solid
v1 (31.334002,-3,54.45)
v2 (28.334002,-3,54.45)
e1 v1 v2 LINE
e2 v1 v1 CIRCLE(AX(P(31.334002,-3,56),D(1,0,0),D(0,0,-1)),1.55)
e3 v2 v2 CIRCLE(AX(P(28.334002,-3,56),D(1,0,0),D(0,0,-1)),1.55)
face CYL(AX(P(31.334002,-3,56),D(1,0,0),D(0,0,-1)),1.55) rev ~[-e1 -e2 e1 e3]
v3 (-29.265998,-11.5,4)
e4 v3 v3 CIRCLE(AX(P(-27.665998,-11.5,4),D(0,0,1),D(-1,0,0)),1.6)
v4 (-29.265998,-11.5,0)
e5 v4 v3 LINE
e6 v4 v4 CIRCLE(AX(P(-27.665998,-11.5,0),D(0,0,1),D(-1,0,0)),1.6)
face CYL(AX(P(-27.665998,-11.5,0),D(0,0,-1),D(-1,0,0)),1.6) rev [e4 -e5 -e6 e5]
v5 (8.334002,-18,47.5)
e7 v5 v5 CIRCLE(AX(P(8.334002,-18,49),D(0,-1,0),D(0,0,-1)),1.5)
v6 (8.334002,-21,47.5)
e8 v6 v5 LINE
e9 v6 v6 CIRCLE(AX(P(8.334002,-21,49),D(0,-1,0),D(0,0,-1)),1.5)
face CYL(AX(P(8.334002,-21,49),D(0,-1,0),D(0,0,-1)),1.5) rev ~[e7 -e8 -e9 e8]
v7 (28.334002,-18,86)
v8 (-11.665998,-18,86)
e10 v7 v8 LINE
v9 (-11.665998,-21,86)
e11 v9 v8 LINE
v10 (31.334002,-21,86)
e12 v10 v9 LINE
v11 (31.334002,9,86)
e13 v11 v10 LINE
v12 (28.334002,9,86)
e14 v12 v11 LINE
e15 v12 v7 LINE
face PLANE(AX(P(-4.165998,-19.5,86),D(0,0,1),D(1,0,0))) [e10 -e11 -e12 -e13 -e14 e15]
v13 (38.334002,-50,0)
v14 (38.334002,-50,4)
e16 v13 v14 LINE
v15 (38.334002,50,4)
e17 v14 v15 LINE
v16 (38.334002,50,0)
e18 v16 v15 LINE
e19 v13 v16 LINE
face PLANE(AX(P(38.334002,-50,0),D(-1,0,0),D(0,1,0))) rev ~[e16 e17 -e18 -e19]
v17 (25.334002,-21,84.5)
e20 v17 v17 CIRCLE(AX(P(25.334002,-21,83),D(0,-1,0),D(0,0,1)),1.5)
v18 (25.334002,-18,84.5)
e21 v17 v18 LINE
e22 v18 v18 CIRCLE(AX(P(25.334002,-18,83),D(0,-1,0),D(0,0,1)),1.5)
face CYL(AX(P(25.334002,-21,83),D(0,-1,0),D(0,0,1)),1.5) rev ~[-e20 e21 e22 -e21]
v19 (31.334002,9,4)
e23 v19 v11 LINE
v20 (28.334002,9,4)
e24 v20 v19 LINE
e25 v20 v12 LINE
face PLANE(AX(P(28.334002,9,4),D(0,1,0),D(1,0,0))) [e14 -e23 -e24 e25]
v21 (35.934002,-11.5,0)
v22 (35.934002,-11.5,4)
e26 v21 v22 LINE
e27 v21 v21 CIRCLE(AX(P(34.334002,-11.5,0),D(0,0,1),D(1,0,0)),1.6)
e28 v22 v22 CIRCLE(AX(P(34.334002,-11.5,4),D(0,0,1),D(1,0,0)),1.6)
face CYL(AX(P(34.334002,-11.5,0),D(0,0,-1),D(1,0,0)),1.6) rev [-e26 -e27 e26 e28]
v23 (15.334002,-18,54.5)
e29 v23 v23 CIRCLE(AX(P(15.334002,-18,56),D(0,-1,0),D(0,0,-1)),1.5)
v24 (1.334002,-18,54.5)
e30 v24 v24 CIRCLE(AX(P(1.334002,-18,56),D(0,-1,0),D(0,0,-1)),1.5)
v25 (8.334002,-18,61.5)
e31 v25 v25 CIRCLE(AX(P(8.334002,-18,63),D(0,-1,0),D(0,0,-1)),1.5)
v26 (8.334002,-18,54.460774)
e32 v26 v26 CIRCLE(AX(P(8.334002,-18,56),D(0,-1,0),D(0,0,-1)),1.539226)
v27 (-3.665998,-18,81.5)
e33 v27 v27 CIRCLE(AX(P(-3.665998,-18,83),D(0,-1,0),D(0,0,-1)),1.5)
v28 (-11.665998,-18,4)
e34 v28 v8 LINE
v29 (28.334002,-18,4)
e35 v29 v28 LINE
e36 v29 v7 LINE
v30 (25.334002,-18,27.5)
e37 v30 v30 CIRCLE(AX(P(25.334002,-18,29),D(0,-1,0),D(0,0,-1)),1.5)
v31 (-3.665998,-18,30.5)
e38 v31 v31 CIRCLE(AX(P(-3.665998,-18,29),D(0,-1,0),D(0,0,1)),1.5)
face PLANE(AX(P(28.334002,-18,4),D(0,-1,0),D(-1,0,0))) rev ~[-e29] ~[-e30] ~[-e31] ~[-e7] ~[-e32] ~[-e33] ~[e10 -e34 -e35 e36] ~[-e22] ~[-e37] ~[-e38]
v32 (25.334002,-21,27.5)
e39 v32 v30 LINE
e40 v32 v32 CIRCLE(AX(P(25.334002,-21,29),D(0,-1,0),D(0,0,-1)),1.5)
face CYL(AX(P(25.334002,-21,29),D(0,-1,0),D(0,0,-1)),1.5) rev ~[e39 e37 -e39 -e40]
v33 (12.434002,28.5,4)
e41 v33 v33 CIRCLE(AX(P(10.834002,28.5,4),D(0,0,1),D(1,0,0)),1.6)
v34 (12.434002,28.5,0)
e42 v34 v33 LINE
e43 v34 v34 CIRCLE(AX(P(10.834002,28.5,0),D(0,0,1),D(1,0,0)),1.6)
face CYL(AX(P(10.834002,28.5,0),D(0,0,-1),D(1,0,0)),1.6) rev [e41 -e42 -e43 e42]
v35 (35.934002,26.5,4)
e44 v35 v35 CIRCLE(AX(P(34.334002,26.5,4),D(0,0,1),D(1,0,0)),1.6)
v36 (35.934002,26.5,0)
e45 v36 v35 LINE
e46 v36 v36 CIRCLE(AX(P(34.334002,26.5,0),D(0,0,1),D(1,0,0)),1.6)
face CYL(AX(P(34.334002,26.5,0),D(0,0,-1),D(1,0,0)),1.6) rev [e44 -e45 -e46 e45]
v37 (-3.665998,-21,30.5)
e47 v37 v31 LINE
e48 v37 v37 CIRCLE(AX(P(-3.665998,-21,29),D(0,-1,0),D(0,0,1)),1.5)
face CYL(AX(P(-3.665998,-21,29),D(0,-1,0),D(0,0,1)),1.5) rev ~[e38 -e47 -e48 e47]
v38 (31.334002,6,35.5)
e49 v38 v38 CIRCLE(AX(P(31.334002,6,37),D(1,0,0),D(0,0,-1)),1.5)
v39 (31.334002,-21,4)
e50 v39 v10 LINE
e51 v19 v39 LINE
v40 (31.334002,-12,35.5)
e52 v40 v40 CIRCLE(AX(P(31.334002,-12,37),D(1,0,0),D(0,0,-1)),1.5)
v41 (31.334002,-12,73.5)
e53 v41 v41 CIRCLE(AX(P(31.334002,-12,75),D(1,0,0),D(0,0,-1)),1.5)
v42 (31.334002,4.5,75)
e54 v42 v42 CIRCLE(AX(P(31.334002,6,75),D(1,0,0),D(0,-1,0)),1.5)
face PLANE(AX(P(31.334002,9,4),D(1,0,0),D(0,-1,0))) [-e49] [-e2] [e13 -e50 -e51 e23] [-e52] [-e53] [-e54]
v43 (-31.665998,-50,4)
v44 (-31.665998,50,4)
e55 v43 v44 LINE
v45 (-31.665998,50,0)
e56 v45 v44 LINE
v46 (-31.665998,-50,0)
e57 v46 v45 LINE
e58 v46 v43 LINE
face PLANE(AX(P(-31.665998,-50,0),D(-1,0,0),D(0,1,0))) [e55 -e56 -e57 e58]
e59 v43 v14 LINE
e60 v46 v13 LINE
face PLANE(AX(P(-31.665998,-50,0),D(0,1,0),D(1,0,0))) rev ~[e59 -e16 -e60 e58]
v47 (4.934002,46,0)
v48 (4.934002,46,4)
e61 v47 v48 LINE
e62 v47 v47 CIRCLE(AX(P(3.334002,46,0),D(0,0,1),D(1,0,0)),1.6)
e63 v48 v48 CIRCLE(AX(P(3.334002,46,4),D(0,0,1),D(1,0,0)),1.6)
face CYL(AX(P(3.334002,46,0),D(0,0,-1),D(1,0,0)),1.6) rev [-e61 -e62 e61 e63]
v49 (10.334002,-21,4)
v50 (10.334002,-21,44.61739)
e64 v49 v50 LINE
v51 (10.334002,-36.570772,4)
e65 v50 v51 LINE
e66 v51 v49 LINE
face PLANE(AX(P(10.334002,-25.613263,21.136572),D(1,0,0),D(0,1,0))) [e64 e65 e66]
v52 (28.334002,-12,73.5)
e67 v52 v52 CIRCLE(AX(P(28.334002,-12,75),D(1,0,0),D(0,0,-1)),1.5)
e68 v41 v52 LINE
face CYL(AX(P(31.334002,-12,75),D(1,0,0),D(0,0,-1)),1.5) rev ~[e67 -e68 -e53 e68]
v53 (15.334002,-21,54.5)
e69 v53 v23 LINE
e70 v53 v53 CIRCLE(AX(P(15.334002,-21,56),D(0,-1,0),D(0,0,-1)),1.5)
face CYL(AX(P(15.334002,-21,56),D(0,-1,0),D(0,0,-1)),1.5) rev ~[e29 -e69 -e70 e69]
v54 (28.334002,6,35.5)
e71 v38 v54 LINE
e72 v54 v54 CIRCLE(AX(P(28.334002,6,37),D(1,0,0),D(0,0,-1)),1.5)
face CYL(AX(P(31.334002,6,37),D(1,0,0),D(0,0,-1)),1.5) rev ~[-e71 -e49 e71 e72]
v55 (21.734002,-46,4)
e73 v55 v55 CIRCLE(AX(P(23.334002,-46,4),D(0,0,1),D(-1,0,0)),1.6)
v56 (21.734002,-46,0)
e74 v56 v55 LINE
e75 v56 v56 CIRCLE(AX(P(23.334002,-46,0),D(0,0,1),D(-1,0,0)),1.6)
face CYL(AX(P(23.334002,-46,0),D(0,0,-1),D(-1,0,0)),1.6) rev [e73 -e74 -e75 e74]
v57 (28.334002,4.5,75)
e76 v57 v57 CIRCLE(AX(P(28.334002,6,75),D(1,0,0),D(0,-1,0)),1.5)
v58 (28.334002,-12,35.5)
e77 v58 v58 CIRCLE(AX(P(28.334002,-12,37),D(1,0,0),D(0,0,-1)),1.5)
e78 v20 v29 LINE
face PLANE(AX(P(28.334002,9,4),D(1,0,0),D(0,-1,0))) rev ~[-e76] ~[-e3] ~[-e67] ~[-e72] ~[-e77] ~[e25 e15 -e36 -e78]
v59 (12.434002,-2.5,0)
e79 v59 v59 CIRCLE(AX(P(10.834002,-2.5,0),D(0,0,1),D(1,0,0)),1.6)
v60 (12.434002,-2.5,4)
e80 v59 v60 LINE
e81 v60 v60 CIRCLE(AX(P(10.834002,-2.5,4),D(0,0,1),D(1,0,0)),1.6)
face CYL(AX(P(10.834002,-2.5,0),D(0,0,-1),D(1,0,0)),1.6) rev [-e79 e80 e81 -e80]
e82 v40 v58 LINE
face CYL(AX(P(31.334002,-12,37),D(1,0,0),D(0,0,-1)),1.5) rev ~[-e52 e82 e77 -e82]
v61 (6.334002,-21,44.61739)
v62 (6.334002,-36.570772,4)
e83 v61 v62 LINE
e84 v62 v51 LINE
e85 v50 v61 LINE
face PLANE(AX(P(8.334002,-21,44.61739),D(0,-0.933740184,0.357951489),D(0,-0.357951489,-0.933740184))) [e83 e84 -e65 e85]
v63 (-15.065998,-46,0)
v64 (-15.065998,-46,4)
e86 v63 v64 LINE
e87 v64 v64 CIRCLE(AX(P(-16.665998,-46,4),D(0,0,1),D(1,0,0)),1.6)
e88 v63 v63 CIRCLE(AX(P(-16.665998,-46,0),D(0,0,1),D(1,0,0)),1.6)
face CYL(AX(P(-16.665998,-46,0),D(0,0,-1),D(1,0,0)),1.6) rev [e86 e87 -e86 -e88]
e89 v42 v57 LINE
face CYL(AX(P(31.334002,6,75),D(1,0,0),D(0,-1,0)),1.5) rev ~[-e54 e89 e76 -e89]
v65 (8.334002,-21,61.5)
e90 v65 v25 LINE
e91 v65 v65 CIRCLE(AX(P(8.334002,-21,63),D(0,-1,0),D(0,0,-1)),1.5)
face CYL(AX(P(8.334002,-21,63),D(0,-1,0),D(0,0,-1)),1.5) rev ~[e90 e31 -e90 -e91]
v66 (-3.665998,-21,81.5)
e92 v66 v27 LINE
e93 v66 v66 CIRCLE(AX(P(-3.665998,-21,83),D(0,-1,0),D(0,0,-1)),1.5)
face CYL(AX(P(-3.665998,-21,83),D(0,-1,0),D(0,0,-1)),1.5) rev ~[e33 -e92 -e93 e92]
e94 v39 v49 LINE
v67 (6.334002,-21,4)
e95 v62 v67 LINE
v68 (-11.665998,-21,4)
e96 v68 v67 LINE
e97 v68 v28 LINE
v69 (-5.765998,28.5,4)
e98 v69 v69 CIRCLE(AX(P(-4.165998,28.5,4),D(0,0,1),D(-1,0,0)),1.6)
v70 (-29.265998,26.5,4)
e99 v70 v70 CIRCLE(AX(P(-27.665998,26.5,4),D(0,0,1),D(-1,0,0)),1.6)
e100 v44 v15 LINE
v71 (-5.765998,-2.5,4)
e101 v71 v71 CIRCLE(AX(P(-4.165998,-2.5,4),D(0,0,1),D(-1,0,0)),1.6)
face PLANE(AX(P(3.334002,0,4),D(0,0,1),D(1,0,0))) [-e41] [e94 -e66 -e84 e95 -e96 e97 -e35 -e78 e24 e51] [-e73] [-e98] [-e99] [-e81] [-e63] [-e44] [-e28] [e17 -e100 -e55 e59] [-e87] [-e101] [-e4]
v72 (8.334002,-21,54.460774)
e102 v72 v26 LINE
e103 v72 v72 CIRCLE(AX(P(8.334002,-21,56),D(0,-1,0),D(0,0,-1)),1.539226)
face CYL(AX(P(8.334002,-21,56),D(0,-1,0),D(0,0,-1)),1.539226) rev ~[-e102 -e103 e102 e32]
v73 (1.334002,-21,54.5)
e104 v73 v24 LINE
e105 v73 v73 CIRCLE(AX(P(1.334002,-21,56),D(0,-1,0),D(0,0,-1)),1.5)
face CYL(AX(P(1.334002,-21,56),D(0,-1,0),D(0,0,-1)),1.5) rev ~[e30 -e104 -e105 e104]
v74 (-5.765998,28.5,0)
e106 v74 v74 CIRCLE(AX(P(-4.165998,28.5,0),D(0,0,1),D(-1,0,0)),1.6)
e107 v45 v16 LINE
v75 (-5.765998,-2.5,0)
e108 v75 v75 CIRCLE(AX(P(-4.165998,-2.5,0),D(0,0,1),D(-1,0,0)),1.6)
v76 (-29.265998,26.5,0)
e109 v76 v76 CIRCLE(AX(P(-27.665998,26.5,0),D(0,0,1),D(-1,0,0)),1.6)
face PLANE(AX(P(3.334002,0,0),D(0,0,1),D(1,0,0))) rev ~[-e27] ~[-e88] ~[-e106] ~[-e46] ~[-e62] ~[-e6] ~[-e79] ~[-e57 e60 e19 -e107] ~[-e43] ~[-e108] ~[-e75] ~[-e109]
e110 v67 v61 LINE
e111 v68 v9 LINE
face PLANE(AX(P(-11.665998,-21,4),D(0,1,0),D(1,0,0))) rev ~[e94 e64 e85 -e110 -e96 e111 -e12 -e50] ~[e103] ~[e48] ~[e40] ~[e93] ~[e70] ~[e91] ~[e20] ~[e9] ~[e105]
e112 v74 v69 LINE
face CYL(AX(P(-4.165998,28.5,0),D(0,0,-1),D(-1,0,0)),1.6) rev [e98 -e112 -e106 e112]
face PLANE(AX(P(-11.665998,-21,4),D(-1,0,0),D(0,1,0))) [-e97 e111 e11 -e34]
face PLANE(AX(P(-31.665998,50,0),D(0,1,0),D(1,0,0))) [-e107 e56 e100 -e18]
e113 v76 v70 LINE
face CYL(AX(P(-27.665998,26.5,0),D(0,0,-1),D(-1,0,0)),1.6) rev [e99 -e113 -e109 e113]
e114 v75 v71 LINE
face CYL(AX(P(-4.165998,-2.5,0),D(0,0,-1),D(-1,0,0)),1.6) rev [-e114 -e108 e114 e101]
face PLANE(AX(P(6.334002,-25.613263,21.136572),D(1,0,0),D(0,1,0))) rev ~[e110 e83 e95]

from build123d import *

# Parameters (mm, degrees)
SKETCH_1_W          = 70
SKETCH_1_H          = 100
SKETCH_1_R          = 1.6
EXTRUDE_1_DEPTH     = 4
SKETCH_2_W          = 15
SKETCH_2_H          = 3
SKETCH_2_W_2        = 25
EXTRUDE_2_DEPTH     = 82
SKETCH_3_R          = 1.5
SKETCH_3_R_2        = 1.539226355
CUT_EXTRUDE_1_DEPTH = 8
EXTRUDE_3_DEPTH     = 2
SKETCH_7_R          = 1.6
EXTRUDE_5_DEPTH     = 82
SKETCH_10_R         = 1.5
SKETCH_10_R_2       = 1.55
CUT_EXTRUDE_2_DEPTH = 118.749734607


with BuildPart() as part:
    # 草图1 → 凸台-拉伸1 (new body)
    with BuildSketch(Plane.XY):
        with Locations((3.334002404, 0)):
            Rectangle(SKETCH_1_W, SKETCH_1_H)
        with Locations((34.334002404, 26.5)):
            Circle(SKETCH_1_R, mode=Mode.SUBTRACT)
        with Locations((-16.665997596, -46)):
            Circle(SKETCH_1_R, mode=Mode.SUBTRACT)
        with Locations((3.334002404, 46)):
            Circle(SKETCH_1_R, mode=Mode.SUBTRACT)
        with Locations((10.834002404, 28.5)):
            Circle(SKETCH_1_R, mode=Mode.SUBTRACT)
        with Locations((10.834002404, -2.5)):
            Circle(SKETCH_1_R, mode=Mode.SUBTRACT)
        with Locations((34.334002404, -11.5)):
            Circle(SKETCH_1_R, mode=Mode.SUBTRACT)
        with Locations(Location((-27.665997596, 26.5, 0), (0, 0, 180))):
            Circle(SKETCH_1_R, mode=Mode.SUBTRACT)
        with Locations(Location((-4.165997596, 28.5, 0), (0, 0, 180))):
            Circle(SKETCH_1_R, mode=Mode.SUBTRACT)
        with Locations(Location((-4.165997596, -2.5, 0), (0, 0, 180))):
            Circle(SKETCH_1_R, mode=Mode.SUBTRACT)
        with Locations(Location((-27.665997596, -11.5, 0), (0, 0, 180))):
            Circle(SKETCH_1_R, mode=Mode.SUBTRACT)
        with Locations(Location((23.334002404, -46, 0), (0, 0, 180))):
            Circle(SKETCH_1_R, mode=Mode.SUBTRACT)
    extrude(amount=EXTRUDE_1_DEPTH)

    # 草图2 → 凸台-拉伸2 (add)
    with BuildSketch(Plane.XY.offset(4)):
        with Locations((-4.165997596, -19.5)):
            Rectangle(SKETCH_2_W, SKETCH_2_H)
        with Locations((15.834002404, -19.5)):
            Rectangle(SKETCH_2_W_2, SKETCH_2_H)
    extrude(amount=EXTRUDE_2_DEPTH)

    # 草图3 → 切除-拉伸1 (cut)
    with BuildSketch(Plane.XZ.offset(21)):
        with Locations(Location((-3.665997596, 83, 0), (0, 0, 270))):
            Circle(SKETCH_3_R)
        with Locations(Location((25.334002404, 83, 0), (0, 0, 90))):
            Circle(SKETCH_3_R)
        with Locations(Location((25.334002404, 29, 0), (0, 0, 270))):
            Circle(SKETCH_3_R)
        with Locations(Location((-3.665997596, 29, 0), (0, 0, 90))):
            Circle(SKETCH_3_R)
        with Locations(Location((8.334002404, 63, 0), (0, 0, 270))):
            Circle(SKETCH_3_R)
        with Locations(Location((8.334002404, 56, 0), (0, 0, 270))):
            Circle(SKETCH_3_R_2)
        with Locations(Location((15.334002404, 56, 0), (0, 0, 270))):
            Circle(SKETCH_3_R)
        with Locations(Location((8.334002404, 49, 0), (0, 0, 270))):
            Circle(SKETCH_3_R)
        with Locations(Location((1.334002404, 56, 0), (0, 0, 270))):
            Circle(SKETCH_3_R)
    extrude(amount=-CUT_EXTRUDE_1_DEPTH, mode=Mode.SUBTRACT)

    # 草图6 → 凸台-拉伸3 (add, symmetric)
    with BuildSketch(Plane.YZ.offset(8.334002404)):
        Polygon((-21, 44.617390455), (-36.570771874, 4), (-21, 4), align=None)
    extrude(amount=EXTRUDE_3_DEPTH, both=True)

    # 草图7 → 凸台-拉伸5 (add)
    with BuildSketch(Plane.XY.offset(4)):
        with Locations((34.334002404, -11.5)):
            Circle(SKETCH_7_R)
        Polygon((31.334002404, -21), (28.334002404, -21), (28.334002404, -18), (28.334002404, 9), (31.334002404, 9), align=None)
    extrude(amount=EXTRUDE_5_DEPTH)


with BuildPart() as extrude_5_kept_piece:
    # of the separate pieces the step leaves, the one the design keeps (extrude_5_pieces_kept)
    add(part.part.solids().sort_by_distance((-31.665997596, 50, 0))[0])

    # 草图10 → 切除-拉伸2 (cut, through all)
    with BuildSketch(Plane(origin=(31.334002404, 0, 0), x_dir=(0, 0, -1), z_dir=(1, 0, 0))):
        with Locations((-37, -12)):
            Circle(SKETCH_10_R)
        with Locations((-37, 6)):
            Circle(SKETCH_10_R)
        with Locations((-75, -12)):
            Circle(SKETCH_10_R)
        with Locations(Location((-75, 6, 0), (0, 0, 270))):
            Circle(SKETCH_10_R)
        with Locations((-56, -3)):
            Circle(SKETCH_10_R_2)
    extrude(amount=-CUT_EXTRUDE_2_DEPTH, mode=Mode.SUBTRACT)


solid = extrude_5_kept_piece.part
